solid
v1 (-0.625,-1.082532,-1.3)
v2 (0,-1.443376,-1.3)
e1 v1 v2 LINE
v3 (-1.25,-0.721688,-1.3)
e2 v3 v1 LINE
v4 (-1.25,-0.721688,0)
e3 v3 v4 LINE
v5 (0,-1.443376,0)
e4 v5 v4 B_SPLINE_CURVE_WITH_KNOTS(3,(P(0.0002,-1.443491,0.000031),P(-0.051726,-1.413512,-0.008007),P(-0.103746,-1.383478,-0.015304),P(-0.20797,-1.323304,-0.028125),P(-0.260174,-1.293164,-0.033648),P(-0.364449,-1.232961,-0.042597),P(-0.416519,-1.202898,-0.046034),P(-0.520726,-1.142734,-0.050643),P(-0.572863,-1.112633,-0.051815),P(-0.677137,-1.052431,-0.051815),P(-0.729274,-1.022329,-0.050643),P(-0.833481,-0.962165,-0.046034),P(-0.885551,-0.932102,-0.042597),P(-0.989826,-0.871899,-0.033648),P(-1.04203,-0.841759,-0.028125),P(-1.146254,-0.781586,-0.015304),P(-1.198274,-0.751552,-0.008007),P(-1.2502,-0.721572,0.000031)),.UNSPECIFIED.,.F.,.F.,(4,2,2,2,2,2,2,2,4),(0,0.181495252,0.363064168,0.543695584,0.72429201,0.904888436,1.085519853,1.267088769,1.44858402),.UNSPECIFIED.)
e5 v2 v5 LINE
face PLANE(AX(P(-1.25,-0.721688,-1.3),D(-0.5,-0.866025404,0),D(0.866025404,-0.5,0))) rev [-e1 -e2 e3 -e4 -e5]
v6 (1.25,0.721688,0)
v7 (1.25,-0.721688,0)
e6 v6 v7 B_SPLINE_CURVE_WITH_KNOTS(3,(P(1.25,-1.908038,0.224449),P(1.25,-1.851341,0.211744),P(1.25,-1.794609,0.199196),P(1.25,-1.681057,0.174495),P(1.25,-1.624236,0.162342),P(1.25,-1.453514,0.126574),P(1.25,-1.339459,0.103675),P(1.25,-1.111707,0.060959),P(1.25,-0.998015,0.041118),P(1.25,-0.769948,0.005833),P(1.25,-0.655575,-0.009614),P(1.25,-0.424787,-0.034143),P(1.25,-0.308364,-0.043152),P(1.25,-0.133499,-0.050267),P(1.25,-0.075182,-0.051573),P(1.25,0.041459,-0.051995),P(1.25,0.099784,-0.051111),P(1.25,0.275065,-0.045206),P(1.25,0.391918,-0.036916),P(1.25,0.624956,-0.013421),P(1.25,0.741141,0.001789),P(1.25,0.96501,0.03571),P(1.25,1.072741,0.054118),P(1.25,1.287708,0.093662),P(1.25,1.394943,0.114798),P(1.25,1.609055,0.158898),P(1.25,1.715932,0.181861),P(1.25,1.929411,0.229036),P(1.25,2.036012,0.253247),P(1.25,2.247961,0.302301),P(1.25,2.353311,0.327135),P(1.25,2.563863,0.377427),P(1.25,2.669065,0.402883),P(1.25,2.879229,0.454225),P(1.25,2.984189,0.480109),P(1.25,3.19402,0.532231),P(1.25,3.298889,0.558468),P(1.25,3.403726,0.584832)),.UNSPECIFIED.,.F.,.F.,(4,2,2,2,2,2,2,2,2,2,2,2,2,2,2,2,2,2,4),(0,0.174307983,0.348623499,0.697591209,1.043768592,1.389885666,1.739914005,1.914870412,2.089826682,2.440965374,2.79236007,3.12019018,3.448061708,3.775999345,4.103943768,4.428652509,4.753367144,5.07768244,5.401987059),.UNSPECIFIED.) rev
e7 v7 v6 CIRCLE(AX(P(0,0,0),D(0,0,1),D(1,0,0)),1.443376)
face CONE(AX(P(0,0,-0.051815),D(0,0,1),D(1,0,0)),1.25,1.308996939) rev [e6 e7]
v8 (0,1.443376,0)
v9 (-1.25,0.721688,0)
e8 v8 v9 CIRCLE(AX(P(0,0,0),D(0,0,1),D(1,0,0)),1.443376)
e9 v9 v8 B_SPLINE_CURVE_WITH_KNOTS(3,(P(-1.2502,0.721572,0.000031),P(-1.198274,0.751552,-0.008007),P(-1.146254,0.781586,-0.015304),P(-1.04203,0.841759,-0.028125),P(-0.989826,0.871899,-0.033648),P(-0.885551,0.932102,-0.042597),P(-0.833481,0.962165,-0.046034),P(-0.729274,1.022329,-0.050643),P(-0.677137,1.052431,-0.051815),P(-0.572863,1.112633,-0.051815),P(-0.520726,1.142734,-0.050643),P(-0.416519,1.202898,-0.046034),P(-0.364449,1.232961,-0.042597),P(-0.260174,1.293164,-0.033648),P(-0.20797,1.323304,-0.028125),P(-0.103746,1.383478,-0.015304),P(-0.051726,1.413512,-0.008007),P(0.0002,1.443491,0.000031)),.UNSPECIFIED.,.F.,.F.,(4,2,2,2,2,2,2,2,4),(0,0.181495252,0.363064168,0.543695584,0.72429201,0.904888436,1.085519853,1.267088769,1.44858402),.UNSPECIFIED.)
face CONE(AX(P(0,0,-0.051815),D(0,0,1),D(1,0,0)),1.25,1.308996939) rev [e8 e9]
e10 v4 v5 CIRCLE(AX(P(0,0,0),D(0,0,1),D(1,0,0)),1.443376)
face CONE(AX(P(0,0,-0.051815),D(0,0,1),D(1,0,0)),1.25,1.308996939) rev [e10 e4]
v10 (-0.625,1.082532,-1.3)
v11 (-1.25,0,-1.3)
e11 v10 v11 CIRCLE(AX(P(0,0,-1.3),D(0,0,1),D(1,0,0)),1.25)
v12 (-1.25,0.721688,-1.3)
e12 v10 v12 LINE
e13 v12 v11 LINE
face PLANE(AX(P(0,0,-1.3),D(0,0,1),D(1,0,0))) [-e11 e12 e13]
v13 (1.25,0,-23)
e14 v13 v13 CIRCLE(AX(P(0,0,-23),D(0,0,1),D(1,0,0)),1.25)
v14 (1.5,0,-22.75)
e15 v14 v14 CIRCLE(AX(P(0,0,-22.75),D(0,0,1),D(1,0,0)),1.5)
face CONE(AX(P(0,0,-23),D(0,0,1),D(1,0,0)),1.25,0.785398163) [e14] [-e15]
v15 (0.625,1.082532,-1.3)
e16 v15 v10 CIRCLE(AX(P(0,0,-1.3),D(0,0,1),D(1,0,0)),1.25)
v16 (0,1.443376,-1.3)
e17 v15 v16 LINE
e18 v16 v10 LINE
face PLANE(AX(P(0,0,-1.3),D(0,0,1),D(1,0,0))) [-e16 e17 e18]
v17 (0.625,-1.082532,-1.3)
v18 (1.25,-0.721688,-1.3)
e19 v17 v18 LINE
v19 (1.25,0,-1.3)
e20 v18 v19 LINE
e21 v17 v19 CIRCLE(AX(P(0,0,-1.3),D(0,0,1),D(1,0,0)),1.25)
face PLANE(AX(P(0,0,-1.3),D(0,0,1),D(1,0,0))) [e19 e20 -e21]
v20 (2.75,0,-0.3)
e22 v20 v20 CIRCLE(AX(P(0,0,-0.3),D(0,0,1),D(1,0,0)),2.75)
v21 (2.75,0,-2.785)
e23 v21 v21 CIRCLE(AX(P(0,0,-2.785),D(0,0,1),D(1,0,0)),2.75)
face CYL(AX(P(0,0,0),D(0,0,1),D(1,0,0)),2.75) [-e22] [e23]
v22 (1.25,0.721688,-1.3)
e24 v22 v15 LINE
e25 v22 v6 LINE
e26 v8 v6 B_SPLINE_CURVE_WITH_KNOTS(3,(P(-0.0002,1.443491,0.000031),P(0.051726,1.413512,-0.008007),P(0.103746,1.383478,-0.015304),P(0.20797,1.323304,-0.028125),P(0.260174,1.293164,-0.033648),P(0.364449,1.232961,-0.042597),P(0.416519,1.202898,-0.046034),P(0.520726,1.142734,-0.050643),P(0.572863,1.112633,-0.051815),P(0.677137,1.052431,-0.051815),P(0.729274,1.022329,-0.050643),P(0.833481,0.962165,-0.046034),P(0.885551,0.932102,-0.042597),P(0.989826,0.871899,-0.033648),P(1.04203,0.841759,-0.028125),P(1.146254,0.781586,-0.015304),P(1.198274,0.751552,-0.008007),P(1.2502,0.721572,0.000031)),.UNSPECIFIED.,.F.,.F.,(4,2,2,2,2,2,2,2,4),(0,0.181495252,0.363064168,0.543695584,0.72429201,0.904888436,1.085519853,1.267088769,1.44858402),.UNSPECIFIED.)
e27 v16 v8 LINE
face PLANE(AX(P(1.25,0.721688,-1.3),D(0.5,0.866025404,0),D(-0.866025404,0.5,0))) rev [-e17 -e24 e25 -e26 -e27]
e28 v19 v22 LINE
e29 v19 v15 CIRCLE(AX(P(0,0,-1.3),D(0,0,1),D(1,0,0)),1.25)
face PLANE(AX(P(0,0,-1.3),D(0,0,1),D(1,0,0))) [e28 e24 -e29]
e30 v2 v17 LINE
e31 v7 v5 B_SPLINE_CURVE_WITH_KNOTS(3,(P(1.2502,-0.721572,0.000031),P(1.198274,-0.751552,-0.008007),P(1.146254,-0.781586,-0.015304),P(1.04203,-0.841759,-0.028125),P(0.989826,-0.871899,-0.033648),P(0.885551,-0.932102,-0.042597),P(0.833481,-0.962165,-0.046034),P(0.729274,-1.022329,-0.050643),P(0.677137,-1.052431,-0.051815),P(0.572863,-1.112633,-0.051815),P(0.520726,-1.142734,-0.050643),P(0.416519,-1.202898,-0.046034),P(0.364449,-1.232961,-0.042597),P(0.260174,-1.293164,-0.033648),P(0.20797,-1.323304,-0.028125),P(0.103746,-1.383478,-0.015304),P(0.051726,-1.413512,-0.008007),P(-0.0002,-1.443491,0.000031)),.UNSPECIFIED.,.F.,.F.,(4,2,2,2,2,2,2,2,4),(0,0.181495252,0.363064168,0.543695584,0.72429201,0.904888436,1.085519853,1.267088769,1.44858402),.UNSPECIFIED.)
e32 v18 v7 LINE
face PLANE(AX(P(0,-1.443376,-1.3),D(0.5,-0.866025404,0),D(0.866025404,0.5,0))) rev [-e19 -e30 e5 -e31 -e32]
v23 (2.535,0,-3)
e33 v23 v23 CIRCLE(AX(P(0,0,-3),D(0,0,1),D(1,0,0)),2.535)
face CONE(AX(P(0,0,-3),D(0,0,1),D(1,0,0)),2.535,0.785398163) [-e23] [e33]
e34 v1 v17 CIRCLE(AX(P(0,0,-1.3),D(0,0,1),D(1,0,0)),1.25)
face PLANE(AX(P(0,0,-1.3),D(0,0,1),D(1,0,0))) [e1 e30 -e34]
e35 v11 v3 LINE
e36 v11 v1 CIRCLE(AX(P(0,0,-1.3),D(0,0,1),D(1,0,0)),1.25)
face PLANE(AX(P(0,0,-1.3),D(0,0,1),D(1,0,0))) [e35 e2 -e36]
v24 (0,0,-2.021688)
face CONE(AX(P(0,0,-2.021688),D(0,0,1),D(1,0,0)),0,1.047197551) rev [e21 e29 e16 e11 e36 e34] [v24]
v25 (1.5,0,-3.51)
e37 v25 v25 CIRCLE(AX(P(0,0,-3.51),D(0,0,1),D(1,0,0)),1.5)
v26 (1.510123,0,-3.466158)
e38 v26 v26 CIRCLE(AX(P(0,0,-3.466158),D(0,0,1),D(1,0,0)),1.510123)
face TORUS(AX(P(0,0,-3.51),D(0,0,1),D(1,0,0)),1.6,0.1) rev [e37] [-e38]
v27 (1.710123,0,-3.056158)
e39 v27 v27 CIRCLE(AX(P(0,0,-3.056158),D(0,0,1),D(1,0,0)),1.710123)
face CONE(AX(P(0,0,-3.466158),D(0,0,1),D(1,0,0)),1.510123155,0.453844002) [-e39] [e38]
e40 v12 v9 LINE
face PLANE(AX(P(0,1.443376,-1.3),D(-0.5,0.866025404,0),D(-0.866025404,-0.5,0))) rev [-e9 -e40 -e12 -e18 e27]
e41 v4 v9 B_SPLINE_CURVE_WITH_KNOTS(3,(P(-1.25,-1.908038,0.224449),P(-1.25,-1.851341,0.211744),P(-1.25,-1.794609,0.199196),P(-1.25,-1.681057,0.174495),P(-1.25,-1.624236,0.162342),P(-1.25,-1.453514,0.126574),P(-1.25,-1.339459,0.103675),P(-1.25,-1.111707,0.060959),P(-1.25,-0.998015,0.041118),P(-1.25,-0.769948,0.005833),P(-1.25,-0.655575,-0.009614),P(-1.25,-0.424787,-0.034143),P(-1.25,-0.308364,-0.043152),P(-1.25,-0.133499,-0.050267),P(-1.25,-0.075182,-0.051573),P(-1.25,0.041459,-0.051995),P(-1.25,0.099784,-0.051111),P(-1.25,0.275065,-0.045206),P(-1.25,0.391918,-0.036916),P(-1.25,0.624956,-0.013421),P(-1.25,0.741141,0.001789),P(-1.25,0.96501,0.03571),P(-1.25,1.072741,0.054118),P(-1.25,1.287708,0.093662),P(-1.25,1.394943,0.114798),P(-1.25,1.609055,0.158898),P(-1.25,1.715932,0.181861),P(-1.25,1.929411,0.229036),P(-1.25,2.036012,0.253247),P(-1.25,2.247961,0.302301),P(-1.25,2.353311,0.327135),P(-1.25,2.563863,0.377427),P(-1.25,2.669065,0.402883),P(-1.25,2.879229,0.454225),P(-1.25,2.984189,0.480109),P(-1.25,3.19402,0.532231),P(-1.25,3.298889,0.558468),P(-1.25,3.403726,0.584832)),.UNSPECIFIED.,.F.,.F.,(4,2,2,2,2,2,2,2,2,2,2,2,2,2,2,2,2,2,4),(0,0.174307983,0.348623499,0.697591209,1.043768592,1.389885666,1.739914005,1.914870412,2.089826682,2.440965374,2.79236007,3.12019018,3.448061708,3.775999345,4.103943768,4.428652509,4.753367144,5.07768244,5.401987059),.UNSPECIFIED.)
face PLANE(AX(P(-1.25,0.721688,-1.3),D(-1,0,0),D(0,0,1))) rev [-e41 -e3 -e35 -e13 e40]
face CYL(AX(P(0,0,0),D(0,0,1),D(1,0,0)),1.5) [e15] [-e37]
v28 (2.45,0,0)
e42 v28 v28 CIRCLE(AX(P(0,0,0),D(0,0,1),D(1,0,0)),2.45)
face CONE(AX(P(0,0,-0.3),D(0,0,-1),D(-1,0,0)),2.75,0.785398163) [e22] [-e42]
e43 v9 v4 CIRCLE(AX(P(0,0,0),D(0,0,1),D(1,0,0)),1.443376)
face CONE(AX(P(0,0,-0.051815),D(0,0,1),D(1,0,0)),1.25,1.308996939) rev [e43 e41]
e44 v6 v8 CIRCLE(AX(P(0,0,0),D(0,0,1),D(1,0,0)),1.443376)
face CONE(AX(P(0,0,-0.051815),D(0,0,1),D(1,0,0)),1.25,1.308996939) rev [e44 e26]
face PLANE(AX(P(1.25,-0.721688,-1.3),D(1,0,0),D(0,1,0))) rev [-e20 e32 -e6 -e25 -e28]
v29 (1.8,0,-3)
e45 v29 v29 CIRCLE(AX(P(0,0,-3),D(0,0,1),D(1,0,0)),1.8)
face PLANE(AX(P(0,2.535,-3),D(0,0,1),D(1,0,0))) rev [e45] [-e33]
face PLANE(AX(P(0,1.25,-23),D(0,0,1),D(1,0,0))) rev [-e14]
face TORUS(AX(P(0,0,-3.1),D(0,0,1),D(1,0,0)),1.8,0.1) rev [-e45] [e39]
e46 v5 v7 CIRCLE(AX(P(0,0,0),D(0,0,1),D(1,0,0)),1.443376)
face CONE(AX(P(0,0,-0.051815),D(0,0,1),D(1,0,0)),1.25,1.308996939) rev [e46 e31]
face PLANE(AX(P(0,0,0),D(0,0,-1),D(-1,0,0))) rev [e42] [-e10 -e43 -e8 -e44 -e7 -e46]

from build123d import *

# Parameters (mm, degrees)
CUT_EXTRUDE1_DEPTH = 1.3


with BuildPart() as part:
    # Sketch1 → Revolve1 (revolve)
    with BuildSketch(Plane(origin=(0, 0, 0), x_dir=(0, 0, -1), z_dir=(1, 0, 0))):
        with BuildLine():
            Line((0, 0), (0, 2.45))
            Line((0, 2.45), (0.3, 2.75))
            Line((0.3, 2.75), (2.785, 2.75))
            Line((2.785, 2.75), (3, 2.535))
            Line((3, 2.535), (3, 1.8))
            ThreePointArc((3, 1.8), (3.015193643, 1.74701055), (3.056157637, 1.710123155))
            Line((3.056157637, 1.710123155), (3.466157637, 1.510123155))
            ThreePointArc((3.466157637, 1.510123155), (3.48750205, 1.50256365), (3.51, 1.5))
            Line((3.51, 1.5), (22.75, 1.5))
            Line((22.75, 1.5), (23, 1.25))
            Line((23, 1.25), (23, 0))
            Line((23, 0), (0, 0))
        make_face()
    revolve(axis=Axis((0, 0, 0), (0, 0, -1)))

    # Sketch2 → Cut-Extrude1 (cut)
    with BuildSketch(Plane.XY):
        Polygon((0, 1.443375673), (-1.25, 0.721687836), (-1.25, -0.721687836), (0, -1.443375673), (1.25, -0.721687836), (1.25, 0.721687836), align=None)
    extrude(amount=-CUT_EXTRUDE1_DEPTH, mode=Mode.SUBTRACT)

    # Sketch3 → Cut-Revolve2 (revolve, cut)
    with BuildSketch(Plane(origin=(0, 0, 0), x_dir=(0, 0, -1), z_dir=(1, 0, 0))):
        Polygon((1.3, 0), (1.3, 1.25), (2.021687836, 0), align=None)
    revolve(axis=Axis((0, 0, -1.3), (0, 0, -1)), mode=Mode.SUBTRACT)

    # Sketch4 → Cut-Revolve3 (revolve, cut)
    with BuildSketch(Plane(origin=(0, 0, 0), x_dir=(0, 0, -1), z_dir=(1, 0, 0))):
        Polygon((0, 1.443375673), (0, 1.25), (0.051814855, 1.25), align=None)
    revolve(axis=Axis((0, 0, 0), (0, 0, -1)), mode=Mode.SUBTRACT)


solid = part.part
